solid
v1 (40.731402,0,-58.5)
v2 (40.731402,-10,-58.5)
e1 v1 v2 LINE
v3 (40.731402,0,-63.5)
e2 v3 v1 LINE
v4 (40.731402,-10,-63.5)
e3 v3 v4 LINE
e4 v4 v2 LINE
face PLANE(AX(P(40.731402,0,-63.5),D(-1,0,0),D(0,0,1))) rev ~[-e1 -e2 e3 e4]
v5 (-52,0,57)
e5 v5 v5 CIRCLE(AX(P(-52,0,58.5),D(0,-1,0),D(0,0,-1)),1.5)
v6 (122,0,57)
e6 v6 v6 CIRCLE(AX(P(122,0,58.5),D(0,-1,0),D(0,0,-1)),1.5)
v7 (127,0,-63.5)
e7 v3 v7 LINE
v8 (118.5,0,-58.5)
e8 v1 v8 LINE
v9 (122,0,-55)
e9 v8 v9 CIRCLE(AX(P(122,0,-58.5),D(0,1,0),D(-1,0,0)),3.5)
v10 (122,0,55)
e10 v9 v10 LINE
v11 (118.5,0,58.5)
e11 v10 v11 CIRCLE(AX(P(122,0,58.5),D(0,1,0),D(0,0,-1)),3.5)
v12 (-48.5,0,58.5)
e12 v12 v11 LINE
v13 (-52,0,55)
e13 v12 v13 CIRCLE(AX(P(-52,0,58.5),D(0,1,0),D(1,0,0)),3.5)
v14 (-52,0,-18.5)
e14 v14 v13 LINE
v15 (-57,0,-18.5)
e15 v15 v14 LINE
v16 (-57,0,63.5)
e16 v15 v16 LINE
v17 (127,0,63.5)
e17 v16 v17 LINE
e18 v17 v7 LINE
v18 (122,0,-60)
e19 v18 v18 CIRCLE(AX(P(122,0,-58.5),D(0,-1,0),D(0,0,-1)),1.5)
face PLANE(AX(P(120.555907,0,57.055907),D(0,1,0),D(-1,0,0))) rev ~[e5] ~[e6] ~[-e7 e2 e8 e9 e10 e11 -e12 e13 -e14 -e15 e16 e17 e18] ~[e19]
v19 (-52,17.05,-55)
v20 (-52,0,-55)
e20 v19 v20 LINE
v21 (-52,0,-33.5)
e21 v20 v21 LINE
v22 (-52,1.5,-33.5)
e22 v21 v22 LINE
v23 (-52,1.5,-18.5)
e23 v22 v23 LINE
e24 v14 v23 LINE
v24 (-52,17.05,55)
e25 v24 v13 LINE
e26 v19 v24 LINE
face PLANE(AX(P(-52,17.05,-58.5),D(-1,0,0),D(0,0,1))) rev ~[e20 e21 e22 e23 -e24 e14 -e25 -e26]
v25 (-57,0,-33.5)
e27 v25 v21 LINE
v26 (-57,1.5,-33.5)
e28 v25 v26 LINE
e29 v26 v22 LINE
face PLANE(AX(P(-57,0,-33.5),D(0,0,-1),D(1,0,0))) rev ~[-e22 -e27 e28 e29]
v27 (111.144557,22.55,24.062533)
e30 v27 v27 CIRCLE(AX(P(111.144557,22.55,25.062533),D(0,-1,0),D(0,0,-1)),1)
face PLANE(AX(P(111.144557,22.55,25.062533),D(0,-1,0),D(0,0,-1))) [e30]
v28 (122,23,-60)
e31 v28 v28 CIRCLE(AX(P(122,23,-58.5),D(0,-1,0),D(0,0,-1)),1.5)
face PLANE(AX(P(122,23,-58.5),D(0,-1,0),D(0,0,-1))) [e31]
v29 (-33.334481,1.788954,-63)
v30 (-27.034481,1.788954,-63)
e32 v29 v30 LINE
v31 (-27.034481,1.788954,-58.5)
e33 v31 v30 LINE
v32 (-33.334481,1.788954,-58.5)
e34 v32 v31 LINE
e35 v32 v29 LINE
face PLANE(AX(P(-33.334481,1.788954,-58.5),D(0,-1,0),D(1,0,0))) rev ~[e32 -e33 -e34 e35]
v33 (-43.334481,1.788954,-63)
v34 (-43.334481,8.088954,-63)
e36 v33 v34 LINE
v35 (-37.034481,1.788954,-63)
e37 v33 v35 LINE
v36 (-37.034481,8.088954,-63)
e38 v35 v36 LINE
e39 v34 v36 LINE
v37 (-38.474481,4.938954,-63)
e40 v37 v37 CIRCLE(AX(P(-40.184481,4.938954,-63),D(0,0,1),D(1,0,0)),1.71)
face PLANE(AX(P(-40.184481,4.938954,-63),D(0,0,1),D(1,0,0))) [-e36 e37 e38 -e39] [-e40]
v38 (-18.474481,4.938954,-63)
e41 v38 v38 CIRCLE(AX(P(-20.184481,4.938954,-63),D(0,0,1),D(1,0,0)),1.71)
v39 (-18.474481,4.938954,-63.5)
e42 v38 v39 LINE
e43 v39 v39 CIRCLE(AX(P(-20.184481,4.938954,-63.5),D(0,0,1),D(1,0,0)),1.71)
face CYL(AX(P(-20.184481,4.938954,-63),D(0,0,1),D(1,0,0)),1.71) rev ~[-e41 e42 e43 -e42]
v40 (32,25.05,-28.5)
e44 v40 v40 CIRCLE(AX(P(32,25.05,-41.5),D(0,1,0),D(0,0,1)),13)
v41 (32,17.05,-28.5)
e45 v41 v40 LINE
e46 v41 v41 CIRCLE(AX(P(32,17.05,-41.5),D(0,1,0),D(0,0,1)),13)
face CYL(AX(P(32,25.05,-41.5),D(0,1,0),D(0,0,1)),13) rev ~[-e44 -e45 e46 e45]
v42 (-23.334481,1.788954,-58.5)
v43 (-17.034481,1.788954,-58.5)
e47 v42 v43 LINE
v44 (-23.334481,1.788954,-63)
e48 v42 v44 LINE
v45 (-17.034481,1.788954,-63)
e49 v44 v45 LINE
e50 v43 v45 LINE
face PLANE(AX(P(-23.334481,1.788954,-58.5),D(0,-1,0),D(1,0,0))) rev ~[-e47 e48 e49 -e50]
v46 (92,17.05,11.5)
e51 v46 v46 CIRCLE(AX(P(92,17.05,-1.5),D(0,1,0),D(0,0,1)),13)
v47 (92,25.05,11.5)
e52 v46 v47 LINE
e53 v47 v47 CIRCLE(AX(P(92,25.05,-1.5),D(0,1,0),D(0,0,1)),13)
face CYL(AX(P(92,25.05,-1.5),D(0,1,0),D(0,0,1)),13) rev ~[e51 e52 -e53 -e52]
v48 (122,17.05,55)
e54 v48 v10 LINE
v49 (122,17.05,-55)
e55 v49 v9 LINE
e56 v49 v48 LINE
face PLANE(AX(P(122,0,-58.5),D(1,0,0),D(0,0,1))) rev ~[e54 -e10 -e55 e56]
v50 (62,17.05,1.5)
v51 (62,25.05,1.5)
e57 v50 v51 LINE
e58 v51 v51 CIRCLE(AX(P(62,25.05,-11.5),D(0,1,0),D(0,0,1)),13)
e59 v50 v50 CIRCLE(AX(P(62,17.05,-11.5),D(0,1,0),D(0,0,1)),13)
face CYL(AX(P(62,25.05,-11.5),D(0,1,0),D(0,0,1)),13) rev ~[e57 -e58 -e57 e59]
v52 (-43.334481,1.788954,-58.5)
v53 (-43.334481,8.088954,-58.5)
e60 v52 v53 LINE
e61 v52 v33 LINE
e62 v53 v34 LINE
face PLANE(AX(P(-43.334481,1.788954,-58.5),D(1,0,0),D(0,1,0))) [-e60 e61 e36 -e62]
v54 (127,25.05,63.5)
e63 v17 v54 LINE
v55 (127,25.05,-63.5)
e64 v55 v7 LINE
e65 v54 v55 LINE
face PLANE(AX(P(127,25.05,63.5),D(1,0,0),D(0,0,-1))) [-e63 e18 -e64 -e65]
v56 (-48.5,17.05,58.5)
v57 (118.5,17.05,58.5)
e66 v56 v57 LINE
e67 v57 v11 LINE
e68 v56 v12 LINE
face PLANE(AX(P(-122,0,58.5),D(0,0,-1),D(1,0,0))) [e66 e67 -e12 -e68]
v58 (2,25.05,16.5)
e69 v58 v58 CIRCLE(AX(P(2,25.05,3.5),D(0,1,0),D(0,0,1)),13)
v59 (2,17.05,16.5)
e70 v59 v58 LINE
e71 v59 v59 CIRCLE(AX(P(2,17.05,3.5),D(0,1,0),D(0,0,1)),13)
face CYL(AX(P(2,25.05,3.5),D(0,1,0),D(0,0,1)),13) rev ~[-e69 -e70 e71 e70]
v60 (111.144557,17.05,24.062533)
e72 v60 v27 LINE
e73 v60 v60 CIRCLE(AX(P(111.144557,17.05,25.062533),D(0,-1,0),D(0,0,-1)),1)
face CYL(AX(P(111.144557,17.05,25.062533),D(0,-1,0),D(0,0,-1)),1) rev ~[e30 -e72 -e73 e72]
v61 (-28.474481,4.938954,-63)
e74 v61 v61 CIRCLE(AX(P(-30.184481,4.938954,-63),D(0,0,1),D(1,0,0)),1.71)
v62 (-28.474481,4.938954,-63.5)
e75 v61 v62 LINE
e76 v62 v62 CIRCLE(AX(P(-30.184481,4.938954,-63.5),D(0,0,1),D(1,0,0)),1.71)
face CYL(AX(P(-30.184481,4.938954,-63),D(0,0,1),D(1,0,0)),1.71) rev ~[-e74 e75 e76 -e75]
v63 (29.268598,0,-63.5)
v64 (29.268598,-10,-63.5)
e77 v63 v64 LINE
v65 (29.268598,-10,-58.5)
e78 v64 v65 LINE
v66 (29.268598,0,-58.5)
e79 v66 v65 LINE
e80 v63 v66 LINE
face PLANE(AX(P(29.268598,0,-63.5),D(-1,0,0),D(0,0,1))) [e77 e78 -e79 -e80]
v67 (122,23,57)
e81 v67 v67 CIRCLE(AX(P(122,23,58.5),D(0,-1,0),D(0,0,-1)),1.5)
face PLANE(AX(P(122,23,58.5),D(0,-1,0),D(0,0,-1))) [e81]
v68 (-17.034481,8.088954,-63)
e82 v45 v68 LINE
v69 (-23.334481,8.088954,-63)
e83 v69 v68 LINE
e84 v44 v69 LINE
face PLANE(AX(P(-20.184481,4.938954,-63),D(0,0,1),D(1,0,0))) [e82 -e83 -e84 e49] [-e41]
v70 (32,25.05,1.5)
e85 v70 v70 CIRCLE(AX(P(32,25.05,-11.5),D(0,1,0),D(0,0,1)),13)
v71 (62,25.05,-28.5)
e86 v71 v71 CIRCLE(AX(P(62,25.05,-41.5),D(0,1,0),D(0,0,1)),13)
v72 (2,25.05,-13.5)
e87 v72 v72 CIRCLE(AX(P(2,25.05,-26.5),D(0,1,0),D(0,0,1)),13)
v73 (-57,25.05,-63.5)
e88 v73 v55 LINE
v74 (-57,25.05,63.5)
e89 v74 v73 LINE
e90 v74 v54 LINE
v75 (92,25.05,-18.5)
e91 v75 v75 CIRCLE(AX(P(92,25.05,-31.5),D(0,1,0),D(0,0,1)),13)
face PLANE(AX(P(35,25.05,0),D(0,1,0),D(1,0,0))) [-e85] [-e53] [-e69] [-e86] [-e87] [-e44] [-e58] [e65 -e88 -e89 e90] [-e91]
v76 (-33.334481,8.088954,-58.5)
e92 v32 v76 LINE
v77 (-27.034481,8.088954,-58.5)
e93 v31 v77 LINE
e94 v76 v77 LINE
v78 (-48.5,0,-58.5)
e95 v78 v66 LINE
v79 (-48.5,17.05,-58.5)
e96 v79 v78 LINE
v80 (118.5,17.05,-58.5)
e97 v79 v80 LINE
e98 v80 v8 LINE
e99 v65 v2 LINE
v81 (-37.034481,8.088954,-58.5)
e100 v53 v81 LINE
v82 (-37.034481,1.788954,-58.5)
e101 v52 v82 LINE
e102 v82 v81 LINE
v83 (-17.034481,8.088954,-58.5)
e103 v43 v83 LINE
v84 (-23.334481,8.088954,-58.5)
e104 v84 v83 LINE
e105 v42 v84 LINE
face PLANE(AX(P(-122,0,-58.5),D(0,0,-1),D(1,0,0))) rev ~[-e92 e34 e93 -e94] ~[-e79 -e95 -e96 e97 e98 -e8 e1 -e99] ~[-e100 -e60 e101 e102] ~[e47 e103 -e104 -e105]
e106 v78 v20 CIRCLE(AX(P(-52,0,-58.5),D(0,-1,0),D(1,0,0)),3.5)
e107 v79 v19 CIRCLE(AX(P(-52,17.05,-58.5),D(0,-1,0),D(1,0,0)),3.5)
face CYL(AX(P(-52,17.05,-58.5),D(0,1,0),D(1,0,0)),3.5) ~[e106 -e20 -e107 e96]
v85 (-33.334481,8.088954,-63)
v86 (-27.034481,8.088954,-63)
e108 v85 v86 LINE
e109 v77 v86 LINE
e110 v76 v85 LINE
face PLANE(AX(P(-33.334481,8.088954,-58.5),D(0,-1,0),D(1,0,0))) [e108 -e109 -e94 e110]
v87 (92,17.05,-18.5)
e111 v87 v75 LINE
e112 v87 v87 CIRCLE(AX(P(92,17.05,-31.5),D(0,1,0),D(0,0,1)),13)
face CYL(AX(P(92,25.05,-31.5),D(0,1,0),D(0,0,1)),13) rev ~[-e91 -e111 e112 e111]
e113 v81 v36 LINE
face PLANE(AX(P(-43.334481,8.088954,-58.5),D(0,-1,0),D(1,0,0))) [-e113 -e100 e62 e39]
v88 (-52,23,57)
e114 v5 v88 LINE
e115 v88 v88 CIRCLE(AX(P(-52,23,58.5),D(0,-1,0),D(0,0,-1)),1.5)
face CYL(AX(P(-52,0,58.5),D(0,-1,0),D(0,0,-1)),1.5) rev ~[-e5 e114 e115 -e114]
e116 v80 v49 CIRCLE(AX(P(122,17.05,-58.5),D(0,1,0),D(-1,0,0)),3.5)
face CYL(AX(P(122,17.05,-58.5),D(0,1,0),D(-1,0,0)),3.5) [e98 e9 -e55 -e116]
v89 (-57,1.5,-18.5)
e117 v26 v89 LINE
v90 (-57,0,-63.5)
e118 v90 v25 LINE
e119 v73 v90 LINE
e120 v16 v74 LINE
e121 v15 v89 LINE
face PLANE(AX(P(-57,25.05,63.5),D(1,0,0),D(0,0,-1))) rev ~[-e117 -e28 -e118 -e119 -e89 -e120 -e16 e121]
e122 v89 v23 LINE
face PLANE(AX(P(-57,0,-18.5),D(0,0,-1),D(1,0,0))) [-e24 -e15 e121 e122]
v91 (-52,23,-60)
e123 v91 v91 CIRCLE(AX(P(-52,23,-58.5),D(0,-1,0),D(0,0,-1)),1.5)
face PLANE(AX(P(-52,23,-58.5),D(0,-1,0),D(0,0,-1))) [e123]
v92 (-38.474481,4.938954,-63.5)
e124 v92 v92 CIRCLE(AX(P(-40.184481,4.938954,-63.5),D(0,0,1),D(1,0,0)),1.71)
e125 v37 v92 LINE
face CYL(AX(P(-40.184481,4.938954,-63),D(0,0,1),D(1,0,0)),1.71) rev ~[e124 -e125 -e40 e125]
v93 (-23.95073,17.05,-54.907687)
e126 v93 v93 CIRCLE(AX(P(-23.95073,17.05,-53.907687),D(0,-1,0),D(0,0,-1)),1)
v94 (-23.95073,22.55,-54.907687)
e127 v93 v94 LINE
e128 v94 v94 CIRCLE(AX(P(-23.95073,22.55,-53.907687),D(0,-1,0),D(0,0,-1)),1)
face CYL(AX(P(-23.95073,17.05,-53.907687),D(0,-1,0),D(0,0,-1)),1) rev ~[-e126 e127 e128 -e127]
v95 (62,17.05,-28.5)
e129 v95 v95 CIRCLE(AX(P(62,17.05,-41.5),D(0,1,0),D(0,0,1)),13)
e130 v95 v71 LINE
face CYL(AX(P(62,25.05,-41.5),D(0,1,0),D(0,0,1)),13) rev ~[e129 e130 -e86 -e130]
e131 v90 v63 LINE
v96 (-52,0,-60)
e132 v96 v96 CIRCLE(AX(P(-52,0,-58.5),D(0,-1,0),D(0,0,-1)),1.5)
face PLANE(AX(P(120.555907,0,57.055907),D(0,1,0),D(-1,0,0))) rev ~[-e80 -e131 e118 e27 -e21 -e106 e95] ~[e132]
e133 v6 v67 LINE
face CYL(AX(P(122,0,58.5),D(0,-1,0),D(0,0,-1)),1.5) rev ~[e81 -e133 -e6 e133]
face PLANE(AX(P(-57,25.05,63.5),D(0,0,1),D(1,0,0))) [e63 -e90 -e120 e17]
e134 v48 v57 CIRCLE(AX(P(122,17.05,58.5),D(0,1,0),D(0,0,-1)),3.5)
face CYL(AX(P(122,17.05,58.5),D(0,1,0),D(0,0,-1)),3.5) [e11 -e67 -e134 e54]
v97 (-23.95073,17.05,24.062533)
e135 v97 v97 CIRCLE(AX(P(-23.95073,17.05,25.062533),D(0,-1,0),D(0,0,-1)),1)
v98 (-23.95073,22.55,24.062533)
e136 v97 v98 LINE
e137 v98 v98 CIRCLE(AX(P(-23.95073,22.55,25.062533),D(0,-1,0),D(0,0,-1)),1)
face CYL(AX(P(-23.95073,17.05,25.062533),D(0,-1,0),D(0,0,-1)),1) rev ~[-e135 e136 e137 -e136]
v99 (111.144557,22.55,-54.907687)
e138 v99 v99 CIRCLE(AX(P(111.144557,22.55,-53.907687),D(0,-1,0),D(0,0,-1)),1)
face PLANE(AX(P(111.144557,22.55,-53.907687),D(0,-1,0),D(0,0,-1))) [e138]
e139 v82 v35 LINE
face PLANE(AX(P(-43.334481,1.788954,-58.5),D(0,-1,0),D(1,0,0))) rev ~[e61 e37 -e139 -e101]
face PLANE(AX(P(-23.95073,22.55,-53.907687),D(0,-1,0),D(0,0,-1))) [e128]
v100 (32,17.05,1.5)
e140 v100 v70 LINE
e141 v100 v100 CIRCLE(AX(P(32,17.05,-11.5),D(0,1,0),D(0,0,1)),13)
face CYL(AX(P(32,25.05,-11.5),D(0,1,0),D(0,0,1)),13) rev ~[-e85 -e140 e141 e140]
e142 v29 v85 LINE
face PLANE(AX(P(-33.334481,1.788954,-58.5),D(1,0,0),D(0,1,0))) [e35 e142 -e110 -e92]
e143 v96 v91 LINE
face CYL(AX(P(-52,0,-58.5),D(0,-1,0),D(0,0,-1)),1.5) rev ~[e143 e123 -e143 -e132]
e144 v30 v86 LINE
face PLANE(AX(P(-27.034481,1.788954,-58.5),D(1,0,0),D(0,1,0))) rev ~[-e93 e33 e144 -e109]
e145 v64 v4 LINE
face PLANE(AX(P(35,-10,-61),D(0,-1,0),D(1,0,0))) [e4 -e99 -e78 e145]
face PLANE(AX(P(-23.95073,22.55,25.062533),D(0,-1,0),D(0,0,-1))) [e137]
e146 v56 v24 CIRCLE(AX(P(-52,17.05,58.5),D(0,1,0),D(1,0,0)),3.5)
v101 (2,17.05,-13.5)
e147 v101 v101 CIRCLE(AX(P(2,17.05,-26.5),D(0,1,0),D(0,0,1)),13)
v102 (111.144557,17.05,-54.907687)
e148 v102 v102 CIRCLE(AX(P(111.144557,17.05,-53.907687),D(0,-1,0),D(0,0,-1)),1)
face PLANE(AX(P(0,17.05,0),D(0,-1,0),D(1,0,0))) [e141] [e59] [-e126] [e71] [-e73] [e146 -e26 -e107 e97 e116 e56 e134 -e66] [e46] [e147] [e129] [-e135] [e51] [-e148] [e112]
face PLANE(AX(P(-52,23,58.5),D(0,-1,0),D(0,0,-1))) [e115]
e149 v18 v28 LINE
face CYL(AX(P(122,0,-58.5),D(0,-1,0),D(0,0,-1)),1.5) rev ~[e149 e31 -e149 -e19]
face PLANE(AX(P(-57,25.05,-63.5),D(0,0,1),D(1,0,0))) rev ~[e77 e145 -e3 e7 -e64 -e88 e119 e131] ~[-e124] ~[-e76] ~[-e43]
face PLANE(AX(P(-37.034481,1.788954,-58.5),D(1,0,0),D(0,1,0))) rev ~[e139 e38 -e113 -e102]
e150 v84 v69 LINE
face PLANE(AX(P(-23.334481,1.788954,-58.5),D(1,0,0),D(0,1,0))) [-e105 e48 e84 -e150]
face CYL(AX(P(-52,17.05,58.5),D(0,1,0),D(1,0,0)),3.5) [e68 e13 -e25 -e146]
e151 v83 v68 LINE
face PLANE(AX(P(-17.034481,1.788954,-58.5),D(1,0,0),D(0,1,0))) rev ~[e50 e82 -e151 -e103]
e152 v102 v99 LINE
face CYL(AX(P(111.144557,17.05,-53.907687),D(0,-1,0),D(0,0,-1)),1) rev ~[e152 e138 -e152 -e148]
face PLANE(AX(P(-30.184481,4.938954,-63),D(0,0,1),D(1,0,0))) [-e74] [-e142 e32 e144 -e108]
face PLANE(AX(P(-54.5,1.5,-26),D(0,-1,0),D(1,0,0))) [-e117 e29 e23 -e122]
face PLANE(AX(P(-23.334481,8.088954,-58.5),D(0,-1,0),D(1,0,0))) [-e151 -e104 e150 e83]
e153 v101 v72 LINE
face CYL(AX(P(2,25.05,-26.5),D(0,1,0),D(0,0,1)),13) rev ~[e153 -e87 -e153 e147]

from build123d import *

# Parameters (mm, degrees)
SKETCH1_W           = 254
SKETCH1_H           = 127
BOSS_EXTRUDE2_DEPTH = 19.05
SKETCH2_W           = 244
SKETCH2_H           = 117
CUT_EXTRUDE1_DEPTH  = 17.05
SKETCH4_R           = 13
CUT_EXTRUDE2_DEPTH  = 17.05
SKETCH5_W           = 70
SKETCH5_H           = 127
CUT_EXTRUDE3_DEPTH  = 45
SKETCH6_W           = 5
SKETCH6_H           = 117
BOSS_EXTRUDE3_DEPTH = 17.05
BOSS_EXTRUDE4_START = 6
SKETCH7_W           = 184
SKETCH7_H           = 127
SKETCH7_R           = 13
BOSS_EXTRUDE4_DEPTH = 6
BOSS_EXTRUDE5_DEPTH = 17.05
SKETCH9_W           = 11.462803728
SKETCH9_H           = 5
BOSS_EXTRUDE6_DEPTH = 10
SKETCH10_R          = 1.5
CUT_EXTRUDE4_DEPTH  = 23
SKETCH11_W          = 5
SKETCH11_H          = 15
CUT_EXTRUDE6_DEPTH  = 1.5
SKETCH13_W          = 6.3
SKETCH13_H          = 6.3
CUT_EXTRUDE8_DEPTH  = 4.5
SKETCH16_R          = 1
CUT_EXTRUDE10_DEPTH = 5.5
SKETCH17_R          = 1.71
CUT_EXTRUDE11_DEPTH = 10


with BuildPart() as part:
    # Sketch1 → Boss-Extrude2 (new body)
    with BuildSketch(Plane(origin=(0, 0, 0), x_dir=(1, 0, 0), z_dir=(0, 1, 0))):
        Rectangle(SKETCH1_W, SKETCH1_H)
    extrude(amount=BOSS_EXTRUDE2_DEPTH)

    # Sketch2 → Cut-Extrude1 (cut)
    with BuildSketch(Plane.XZ):
        Rectangle(SKETCH2_W, SKETCH2_H)
    extrude(amount=-CUT_EXTRUDE1_DEPTH, mode=Mode.SUBTRACT)

    # Sketch4 → Cut-Extrude2 (cut)
    with BuildSketch(Plane(origin=(0, 19.05, 0), x_dir=(1, 0, 0), z_dir=(0, 1, 0))):
        with Locations(Location((92, 1.5, 0), (0, 0, 270))):
            Circle(SKETCH4_R)
        with Locations(Location((92, 31.5, 0), (0, 0, 270))):
            Circle(SKETCH4_R)
        with Locations(Location((62, 11.5, 0), (0, 0, 270))):
            Circle(SKETCH4_R)
        with Locations(Location((62, 41.5, 0), (0, 0, 270))):
            Circle(SKETCH4_R)
        with Locations(Location((32, 11.5, 0), (0, 0, 270))):
            Circle(SKETCH4_R)
        with Locations(Location((32, 41.5, 0), (0, 0, 270))):
            Circle(SKETCH4_R)
        with Locations(Location((2, -3.5, 0), (0, 0, 270))):
            Circle(SKETCH4_R)
        with Locations(Location((2, 26.5, 0), (0, 0, 270))):
            Circle(SKETCH4_R)
    extrude(amount=-CUT_EXTRUDE2_DEPTH, mode=Mode.SUBTRACT)

    # Sketch5 → Cut-Extrude3 (cut)
    with BuildSketch(Plane.XZ):
        with Locations((-92, 0)):
            Rectangle(SKETCH5_W, SKETCH5_H)
    extrude(amount=-CUT_EXTRUDE3_DEPTH, mode=Mode.SUBTRACT)

    # Sketch6 → Boss-Extrude3 (add)
    with BuildSketch(Plane.XZ.offset(-17.05)):
        with Locations((-54.5, 0)):
            Rectangle(SKETCH6_W, SKETCH6_H)
    extrude(amount=BOSS_EXTRUDE3_DEPTH)

    # Sketch7 → Boss-Extrude4 (add)
    with BuildSketch(Plane(origin=(0, 19.05, 0), x_dir=(1, 0, 0), z_dir=(0, 1, 0)).offset(BOSS_EXTRUDE4_START)):
        with Locations((35, 0)):
            Rectangle(SKETCH7_W, SKETCH7_H)
        with Locations(Location((2, 26.5, 0), (0, 0, 270))):
            Circle(SKETCH7_R, mode=Mode.SUBTRACT)
        with Locations(Location((2, -3.5, 0), (0, 0, 270))):
            Circle(SKETCH7_R, mode=Mode.SUBTRACT)
        with Locations(Location((32, 11.5, 0), (0, 0, 270))):
            Circle(SKETCH7_R, mode=Mode.SUBTRACT)
        with Locations(Location((92, 31.5, 0), (0, 0, 270))):
            Circle(SKETCH7_R, mode=Mode.SUBTRACT)
        with Locations(Location((62, 11.5, 0), (0, 0, 270))):
            Circle(SKETCH7_R, mode=Mode.SUBTRACT)
        with Locations(Location((62, 41.5, 0), (0, 0, 270))):
            Circle(SKETCH7_R, mode=Mode.SUBTRACT)
        with Locations(Location((32, 41.5, 0), (0, 0, 270))):
            Circle(SKETCH7_R, mode=Mode.SUBTRACT)
        with Locations(Location((92, 1.5, 0), (0, 0, 270))):
            Circle(SKETCH7_R, mode=Mode.SUBTRACT)
    extrude(amount=-BOSS_EXTRUDE4_DEPTH)

    # Sketch8 → Boss-Extrude5 (add)
    with BuildSketch(Plane.XZ.offset(-17.05)):
        with BuildLine():
            Line((118.5, 58.5), (122, 58.5))
            Line((122, 58.5), (122, 55))
            ThreePointArc((122, 55), (119.525126266, 56.025126266), (118.5, 58.5))
        make_face()
        with BuildLine():
            Line((122, -55), (122, -58.5))
            Line((122, -58.5), (118.5, -58.5))
            ThreePointArc((118.5, -58.5), (119.525126266, -56.025126266), (122, -55))
        make_face()
        with BuildLine():
            Line((-52, -55), (-52, -58.5))
            Line((-52, -58.5), (-48.5, -58.5))
            ThreePointArc((-48.5, -58.5), (-49.525126266, -56.025126266), (-52, -55))
        make_face()
        with BuildLine():
            Line((-52, 55), (-52, 58.5))
            Line((-52, 58.5), (-48.5, 58.5))
            ThreePointArc((-48.5, 58.5), (-49.525126266, 56.025126266), (-52, 55))
        make_face()
    extrude(amount=BOSS_EXTRUDE5_DEPTH)

    # Sketch9 → Boss-Extrude6 (add)
    with BuildSketch(Plane.XZ):
        with Locations((35, -61)):
            Rectangle(SKETCH9_W, SKETCH9_H)
    extrude(amount=BOSS_EXTRUDE6_DEPTH)

    # Sketch10 → Cut-Extrude4 (cut)
    with BuildSketch(Plane.XZ):
        with Locations(Location((122, -58.5, 0), (0, 0, 270))):
            Circle(SKETCH10_R)
        with Locations(Location((122, 58.5, 0), (0, 0, 270))):
            Circle(SKETCH10_R)
        with Locations(Location((-52, -58.5, 0), (0, 0, 270))):
            Circle(SKETCH10_R)
        with Locations(Location((-52, 58.5, 0), (0, 0, 270))):
            Circle(SKETCH10_R)
    extrude(amount=-CUT_EXTRUDE4_DEPTH, mode=Mode.SUBTRACT)

    # Sketch11 → Cut-Extrude6 (cut)
    with BuildSketch(Plane.XZ):
        with Locations((-54.5, -26)):
            Rectangle(SKETCH11_W, SKETCH11_H)
    extrude(amount=-CUT_EXTRUDE6_DEPTH, mode=Mode.SUBTRACT)

    # Sketch13 → Cut-Extrude8 (cut)
    with BuildSketch(Plane.XY.offset(-58.5)):
        with Locations((-30.184481008, 4.938954373)):
            Rectangle(SKETCH13_W, SKETCH13_H)
        with Locations((-40.184481008, 4.938954373)):
            Rectangle(SKETCH13_W, SKETCH13_H)
        with Locations((-20.184481008, 4.938954373)):
            Rectangle(SKETCH13_W, SKETCH13_H)
    extrude(amount=-CUT_EXTRUDE8_DEPTH, mode=Mode.SUBTRACT)

    # Sketch16 → Cut-Extrude10 (cut)
    with BuildSketch(Plane.XZ.offset(-17.05)):
        with Locations(Location((111.144556631, 25.062533315, 0), (0, 0, 270))):
            Circle(SKETCH16_R)
        with Locations(Location((111.144556631, -53.90768708, 0), (0, 0, 270))):
            Circle(SKETCH16_R)
        with Locations(Location((-23.950730393, -53.90768708, 0), (0, 0, 270))):
            Circle(SKETCH16_R)
        with Locations(Location((-23.950730393, 25.062533315, 0), (0, 0, 270))):
            Circle(SKETCH16_R)
    extrude(amount=-CUT_EXTRUDE10_DEPTH, mode=Mode.SUBTRACT)

    # Sketch17 → Cut-Extrude11 (cut)
    with BuildSketch(Plane.XY.offset(-63)):
        with Locations((-40.184481008, 4.938954373)):
            Circle(SKETCH17_R)
        with Locations((-30.184481008, 4.938954373)):
            Circle(SKETCH17_R)
        with Locations((-20.184481008, 4.938954373)):
            Circle(SKETCH17_R)
    extrude(amount=-CUT_EXTRUDE11_DEPTH, mode=Mode.SUBTRACT)


solid = part.part
